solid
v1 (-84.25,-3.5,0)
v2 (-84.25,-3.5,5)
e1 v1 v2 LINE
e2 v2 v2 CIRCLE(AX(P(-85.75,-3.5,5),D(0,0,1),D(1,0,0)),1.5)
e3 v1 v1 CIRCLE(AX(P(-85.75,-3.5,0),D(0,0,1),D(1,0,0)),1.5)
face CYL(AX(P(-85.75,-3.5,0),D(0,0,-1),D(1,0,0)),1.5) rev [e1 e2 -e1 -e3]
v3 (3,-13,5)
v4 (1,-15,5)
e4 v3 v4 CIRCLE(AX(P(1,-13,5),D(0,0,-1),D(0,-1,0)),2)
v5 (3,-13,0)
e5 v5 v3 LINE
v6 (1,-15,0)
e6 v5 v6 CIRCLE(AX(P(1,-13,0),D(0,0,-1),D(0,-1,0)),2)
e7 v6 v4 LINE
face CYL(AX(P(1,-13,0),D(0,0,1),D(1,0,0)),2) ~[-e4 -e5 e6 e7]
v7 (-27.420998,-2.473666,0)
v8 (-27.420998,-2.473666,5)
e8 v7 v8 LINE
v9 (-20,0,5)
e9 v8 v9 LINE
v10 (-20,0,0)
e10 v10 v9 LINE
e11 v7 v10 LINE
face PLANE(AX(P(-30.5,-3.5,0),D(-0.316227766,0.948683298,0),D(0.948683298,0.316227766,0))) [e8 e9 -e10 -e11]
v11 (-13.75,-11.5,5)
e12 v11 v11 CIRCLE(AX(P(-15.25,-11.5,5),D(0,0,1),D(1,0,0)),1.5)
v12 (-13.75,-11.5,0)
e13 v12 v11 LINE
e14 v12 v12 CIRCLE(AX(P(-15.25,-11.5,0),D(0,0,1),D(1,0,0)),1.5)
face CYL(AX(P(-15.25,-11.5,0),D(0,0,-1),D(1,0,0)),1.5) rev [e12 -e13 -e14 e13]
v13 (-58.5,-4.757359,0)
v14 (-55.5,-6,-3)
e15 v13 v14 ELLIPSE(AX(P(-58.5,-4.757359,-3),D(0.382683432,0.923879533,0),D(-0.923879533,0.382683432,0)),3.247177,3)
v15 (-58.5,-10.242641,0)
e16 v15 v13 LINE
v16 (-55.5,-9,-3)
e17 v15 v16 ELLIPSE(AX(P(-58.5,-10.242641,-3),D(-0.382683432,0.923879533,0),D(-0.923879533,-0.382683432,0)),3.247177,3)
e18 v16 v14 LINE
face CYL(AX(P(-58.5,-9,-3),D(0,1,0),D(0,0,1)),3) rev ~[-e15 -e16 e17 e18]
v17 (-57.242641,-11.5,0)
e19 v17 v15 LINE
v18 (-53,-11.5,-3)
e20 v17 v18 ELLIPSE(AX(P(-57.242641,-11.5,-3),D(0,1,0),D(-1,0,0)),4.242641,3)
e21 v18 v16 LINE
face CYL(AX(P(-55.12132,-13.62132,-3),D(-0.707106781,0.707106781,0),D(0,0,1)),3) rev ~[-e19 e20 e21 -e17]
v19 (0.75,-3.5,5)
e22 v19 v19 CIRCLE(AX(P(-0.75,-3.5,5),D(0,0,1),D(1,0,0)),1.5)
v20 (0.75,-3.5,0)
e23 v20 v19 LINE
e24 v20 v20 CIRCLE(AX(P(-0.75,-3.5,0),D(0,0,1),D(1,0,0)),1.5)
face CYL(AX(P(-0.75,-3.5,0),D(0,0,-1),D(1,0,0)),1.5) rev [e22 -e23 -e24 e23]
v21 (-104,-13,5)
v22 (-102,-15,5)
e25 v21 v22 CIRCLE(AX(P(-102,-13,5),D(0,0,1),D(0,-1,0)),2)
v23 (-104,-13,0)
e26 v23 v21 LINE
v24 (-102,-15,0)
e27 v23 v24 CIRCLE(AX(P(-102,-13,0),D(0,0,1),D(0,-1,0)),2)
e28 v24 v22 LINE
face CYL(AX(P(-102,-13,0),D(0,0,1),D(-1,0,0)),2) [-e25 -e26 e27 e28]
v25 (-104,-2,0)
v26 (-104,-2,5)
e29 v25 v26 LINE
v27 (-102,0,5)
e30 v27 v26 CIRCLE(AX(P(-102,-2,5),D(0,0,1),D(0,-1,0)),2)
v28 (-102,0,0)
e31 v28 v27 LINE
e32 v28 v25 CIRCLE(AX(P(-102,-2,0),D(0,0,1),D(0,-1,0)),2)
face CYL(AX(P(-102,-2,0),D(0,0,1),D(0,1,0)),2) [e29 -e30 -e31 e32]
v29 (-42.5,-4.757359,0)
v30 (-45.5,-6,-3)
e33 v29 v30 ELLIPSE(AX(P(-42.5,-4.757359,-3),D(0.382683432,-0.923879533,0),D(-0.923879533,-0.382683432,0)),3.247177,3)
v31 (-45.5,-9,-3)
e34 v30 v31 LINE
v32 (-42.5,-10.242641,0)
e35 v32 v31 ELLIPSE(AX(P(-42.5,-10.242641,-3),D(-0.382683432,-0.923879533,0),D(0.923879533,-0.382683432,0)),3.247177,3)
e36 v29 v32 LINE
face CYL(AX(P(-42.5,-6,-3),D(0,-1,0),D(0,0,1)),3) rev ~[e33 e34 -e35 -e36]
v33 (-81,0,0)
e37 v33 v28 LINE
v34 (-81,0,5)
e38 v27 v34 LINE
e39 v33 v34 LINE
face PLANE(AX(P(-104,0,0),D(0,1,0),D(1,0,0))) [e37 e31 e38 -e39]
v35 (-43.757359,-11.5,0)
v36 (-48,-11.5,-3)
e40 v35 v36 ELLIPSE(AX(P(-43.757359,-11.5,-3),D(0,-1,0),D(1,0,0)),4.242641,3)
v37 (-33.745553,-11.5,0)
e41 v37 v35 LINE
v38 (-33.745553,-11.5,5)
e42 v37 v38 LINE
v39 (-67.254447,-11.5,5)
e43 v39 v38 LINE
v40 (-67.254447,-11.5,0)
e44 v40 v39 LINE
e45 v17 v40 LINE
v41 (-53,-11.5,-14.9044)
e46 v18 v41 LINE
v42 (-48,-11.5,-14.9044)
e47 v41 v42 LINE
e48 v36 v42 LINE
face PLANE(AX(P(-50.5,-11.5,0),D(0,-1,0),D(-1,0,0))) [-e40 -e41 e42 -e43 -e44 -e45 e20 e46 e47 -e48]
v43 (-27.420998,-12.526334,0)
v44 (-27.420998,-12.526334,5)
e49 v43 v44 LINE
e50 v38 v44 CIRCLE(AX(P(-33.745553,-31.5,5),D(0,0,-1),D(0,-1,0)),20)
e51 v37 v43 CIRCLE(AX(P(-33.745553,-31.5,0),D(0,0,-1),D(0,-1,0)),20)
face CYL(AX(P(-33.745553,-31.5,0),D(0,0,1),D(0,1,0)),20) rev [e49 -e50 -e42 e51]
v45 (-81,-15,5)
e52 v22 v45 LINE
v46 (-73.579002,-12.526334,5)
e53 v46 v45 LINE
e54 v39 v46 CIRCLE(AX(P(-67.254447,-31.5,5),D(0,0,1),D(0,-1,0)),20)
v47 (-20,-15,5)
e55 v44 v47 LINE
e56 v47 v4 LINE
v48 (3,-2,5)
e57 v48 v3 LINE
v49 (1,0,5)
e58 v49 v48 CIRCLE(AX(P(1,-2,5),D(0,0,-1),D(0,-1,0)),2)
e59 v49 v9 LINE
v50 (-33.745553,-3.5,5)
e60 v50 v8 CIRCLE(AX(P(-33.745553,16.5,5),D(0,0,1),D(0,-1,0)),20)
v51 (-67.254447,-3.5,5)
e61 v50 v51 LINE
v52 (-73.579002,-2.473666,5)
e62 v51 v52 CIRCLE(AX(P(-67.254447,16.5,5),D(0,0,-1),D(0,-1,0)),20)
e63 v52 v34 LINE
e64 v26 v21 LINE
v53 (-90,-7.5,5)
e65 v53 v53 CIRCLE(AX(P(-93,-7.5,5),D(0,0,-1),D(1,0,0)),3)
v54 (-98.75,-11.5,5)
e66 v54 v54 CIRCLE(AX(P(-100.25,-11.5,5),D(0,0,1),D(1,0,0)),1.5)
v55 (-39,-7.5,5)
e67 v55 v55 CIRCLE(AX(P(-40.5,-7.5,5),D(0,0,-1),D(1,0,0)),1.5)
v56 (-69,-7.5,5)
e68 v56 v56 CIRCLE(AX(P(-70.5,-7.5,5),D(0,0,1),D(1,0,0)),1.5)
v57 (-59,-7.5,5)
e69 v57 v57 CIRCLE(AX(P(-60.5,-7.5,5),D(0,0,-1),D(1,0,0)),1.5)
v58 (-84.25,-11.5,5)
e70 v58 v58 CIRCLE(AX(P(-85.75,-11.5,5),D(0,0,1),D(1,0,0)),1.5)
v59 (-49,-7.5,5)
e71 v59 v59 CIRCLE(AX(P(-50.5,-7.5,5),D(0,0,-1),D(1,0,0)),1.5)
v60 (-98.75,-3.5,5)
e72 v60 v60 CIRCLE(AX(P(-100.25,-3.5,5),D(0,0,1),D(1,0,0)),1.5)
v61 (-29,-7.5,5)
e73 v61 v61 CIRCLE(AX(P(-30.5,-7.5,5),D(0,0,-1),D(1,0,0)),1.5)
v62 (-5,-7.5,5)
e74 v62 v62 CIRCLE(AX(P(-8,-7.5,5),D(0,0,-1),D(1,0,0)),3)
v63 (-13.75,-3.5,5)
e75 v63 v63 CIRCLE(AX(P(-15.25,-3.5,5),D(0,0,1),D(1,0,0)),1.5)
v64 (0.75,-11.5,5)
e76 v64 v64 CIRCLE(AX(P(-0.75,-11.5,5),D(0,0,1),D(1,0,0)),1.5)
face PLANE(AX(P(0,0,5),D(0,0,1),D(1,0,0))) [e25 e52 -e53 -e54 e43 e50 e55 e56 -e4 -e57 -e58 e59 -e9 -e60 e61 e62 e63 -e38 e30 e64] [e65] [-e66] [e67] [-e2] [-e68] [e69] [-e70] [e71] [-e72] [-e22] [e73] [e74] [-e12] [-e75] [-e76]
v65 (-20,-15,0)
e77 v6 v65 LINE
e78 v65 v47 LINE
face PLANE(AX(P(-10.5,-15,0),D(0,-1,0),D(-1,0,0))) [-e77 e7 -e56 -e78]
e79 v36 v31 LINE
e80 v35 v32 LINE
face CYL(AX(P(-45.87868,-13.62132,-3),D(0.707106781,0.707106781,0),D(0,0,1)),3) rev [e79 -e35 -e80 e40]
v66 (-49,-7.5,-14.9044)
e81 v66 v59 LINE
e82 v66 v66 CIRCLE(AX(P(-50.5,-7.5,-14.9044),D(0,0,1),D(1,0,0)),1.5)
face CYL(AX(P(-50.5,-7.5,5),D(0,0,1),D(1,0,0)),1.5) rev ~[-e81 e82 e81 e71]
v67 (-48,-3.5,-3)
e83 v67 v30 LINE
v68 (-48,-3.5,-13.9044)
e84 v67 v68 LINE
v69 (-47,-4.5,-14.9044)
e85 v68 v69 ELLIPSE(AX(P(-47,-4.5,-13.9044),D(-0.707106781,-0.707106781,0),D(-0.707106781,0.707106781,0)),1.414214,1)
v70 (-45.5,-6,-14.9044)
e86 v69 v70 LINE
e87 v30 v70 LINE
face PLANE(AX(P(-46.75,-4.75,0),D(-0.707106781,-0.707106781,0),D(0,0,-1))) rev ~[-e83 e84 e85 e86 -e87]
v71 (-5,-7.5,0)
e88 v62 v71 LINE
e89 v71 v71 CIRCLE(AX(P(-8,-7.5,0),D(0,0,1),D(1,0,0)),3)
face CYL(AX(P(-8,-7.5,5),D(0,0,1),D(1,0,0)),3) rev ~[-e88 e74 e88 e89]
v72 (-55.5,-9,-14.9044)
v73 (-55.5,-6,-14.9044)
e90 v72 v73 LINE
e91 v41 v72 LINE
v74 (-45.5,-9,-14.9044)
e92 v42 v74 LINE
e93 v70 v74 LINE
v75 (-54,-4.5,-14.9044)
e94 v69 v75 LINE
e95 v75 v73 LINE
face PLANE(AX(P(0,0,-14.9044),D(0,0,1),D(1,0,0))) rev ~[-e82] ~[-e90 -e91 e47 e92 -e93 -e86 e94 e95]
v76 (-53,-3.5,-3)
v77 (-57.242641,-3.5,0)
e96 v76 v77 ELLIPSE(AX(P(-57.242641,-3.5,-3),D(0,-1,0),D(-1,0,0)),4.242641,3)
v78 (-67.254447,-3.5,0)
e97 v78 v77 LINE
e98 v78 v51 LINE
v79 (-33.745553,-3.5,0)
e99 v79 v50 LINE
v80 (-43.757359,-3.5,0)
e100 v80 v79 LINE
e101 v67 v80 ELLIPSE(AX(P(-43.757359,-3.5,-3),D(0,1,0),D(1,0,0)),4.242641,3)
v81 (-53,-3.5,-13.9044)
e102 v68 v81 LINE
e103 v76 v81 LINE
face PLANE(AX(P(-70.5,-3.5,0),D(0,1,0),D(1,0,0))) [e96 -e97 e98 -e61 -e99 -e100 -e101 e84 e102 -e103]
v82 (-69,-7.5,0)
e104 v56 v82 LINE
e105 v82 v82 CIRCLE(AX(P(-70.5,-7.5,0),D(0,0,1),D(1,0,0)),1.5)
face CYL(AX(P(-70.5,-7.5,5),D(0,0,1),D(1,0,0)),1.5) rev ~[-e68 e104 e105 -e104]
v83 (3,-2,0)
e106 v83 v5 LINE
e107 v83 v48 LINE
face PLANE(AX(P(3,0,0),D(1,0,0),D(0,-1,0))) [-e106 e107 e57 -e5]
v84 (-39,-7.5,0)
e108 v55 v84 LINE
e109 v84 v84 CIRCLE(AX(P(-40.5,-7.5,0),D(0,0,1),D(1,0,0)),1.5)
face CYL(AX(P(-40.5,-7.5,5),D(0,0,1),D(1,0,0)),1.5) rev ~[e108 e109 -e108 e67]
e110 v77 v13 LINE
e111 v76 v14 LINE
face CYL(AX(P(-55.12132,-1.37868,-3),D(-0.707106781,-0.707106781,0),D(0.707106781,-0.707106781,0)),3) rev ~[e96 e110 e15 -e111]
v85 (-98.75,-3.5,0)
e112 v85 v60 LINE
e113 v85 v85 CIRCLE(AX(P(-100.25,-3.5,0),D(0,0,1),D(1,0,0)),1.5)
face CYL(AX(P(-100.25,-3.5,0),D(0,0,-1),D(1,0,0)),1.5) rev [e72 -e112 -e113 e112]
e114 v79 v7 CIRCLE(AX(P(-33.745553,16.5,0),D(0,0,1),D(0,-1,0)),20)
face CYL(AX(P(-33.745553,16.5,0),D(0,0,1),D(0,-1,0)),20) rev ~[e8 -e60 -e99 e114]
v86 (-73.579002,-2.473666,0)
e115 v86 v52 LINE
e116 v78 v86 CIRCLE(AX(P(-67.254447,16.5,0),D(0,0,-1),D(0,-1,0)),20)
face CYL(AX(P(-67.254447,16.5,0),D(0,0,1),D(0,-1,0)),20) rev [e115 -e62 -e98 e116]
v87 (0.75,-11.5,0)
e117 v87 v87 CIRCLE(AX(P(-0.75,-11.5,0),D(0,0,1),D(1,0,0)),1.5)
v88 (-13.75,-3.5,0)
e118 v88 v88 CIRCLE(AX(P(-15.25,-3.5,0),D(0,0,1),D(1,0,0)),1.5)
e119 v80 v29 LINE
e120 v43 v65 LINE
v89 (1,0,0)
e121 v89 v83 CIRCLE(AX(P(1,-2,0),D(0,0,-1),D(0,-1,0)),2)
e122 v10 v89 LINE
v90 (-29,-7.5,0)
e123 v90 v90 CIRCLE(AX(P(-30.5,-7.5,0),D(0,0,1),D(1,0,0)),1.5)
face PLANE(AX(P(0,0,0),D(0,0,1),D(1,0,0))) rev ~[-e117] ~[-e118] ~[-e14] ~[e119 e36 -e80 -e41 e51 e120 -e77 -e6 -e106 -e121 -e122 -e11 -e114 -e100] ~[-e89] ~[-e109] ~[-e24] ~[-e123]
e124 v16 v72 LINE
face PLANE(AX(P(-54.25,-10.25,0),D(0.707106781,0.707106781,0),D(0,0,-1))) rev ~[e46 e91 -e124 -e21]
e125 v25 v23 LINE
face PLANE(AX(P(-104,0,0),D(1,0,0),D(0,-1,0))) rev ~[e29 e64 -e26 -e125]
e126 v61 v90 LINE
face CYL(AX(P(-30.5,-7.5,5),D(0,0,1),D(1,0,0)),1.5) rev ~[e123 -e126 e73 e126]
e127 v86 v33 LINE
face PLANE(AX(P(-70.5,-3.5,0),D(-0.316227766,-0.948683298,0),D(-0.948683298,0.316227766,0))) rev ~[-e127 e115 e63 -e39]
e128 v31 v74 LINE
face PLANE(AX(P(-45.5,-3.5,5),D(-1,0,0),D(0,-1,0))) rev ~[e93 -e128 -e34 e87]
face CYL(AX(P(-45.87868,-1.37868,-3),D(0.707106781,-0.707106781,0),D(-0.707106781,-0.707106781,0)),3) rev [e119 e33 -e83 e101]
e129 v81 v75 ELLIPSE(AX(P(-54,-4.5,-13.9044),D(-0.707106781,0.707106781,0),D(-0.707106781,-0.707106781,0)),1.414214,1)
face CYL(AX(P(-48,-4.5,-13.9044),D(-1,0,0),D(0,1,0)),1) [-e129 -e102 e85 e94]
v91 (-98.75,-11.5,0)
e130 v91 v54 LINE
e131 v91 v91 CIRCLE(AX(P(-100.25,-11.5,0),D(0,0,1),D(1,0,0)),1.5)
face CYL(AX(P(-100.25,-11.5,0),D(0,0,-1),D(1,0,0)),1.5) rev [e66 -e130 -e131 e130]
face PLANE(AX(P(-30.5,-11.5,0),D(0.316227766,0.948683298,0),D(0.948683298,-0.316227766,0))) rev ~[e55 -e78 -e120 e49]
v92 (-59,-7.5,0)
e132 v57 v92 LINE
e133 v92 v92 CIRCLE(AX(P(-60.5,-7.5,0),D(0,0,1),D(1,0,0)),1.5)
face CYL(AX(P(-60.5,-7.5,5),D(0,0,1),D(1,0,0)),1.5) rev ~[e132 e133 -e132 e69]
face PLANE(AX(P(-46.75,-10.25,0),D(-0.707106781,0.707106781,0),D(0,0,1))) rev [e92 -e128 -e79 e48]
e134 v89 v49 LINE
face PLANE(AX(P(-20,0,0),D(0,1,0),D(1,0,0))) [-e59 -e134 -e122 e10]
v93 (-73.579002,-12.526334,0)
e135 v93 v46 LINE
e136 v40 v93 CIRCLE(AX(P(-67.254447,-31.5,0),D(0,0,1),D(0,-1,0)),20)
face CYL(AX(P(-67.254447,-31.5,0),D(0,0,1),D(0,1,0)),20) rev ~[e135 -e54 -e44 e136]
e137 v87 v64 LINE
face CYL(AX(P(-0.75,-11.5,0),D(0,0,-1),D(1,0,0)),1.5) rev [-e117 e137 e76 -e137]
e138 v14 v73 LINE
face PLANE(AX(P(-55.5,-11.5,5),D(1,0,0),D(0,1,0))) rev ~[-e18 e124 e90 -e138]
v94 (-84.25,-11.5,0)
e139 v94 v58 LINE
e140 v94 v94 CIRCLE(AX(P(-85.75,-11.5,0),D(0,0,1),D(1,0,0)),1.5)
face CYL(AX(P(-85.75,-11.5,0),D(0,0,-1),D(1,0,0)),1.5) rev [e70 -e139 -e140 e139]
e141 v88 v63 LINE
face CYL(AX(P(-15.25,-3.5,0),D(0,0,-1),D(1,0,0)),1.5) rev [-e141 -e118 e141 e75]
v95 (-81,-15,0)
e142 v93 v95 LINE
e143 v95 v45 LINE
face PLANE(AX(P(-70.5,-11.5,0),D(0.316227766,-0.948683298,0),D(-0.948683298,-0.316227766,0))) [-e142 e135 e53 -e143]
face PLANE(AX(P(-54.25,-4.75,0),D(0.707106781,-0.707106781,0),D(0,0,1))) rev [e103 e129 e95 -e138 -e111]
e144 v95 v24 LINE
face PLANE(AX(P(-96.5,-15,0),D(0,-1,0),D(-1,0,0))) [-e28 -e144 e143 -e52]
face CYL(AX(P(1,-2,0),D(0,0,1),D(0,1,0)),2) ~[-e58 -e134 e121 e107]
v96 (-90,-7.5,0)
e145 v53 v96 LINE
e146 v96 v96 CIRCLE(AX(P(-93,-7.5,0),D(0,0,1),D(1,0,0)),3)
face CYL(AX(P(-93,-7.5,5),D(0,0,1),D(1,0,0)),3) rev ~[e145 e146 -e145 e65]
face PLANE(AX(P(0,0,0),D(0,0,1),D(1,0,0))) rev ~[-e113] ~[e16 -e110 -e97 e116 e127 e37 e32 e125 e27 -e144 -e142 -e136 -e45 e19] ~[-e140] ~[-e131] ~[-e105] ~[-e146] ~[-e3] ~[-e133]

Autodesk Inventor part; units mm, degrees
ref_plane "YZ Plane" through (0, 0, 0) normal (1, 0, 0) x (0, 1, 0)
ref_plane "XZ Plane" through (0, 0, 0) normal (0, 1, 0) x (-1, 0, 0)
sketch "Sketch1" plane through (0, 0, 0) normal (0, 0, 1) x (1, 0, 0)
  circle A0 centre (-100.25, -3.5) radius 1.5 projected
  circle A1 centre (-100.25, -11.5) radius 1.5 projected
  line L0 (-104, 0) -> (-96.5, 0) projected
  line L1 (-104, 0) -> (-104, -15) projected
  line L2 (-96.5, -15) -> (-104, -15) projected
  line L3 (-96.5, 0) -> (-96.5, -15) projected
  circle A2 centre (-85.75, -3.5) radius 1.5 projected
  circle A3 centre (-85.75, -11.5) radius 1.5 projected
  line L4 (-90.5, 0) -> (-81, 0) projected
  line L5 (-90.5, 0) -> (-90.5, -15) projected
  line L6 (-81, -15) -> (-90.5, -15) projected
  line L7 (-81, 0) -> (-81, -15) projected
  circle A4 centre (-15.25, -11.5) radius 1.5 projected
  circle A5 centre (-15.25, -3.5) radius 1.5 projected
  line L8 (-20, 0) -> (-10.5, 0) projected
  line L9 (-20, 0) -> (-20, -15) projected
  line L10 (-10.5, -15) -> (-20, -15) projected
  line L11 (-10.5, 0) -> (-10.5, -15) projected
  circle A6 centre (-0.75, -3.5) radius 1.5 projected
  circle A7 centre (-0.75, -11.5) radius 1.5 projected
  line L12 (-4.5, 0) -> (3, 0) projected
  line L13 (-4.5, 0) -> (-4.5, -15) projected
  line L14 (3, -15) -> (-4.5, -15) projected
  line L15 (3, 0) -> (3, -15) projected
  line L16 (-104, -15) -> (3, -15)
  line L17 (3, -15) -> (3, 0)
  line L18 (3, 0) -> (-104, 0)
  line L19 (-104, 0) -> (-104, -15)
  line L20 (-50.5, -15) -> (-50.5, 0)
  line L21 (-70.5, -11.5) -> (-70.5, -3.5)
  line L22 (-70.5, -3.5) -> (-30.5, -3.5)
  line L23 (-30.5, -3.5) -> (-30.5, -11.5)
  line L24 (-30.5, -11.5) -> (-70.5, -11.5)
  line L25 (-70.5, -11.5) -> (-30.5, -3.5) construction
  line L26 (-70.5, -3.5) -> (-30.5, -11.5) construction
  line L27 (-70.5, -3.5) -> (-81, 0)
  line L28 (-30.5, -3.5) -> (-20, 0)
  line L29 (-30.5, -11.5) -> (-20, -15)
  line L30 (-70.5, -11.5) -> (-81, -15)
  point P0 (0, 0)
  point P1 (-50.5, -7.5)
  dimension "d0" = 8
  dimension "d1" = 40
extrude "Extrusion1" add sketch "Sketch1" along normal blind 5 contours L0 L3 L2 L1 | L18 L5 L16 L3 | L4 L7 L6 L5 | L27 L21 L30 L7 | L22 L20 L24 L21 | L8 L11 L10 L9 | L9 L29 L23 L28 | L22 L23 L24 L20 | L18 L13 L16 L11 | L12 L15 L14 L13
sketch "Sketch2" plane through (0, 0, 5) normal (0, 0, 1) x (1, 0, 0)
  line L0 (-81, 0) -> (-104, 0) projected
  line L1 (-104, 0) -> (-104, -15) projected
  line L2 (-104, -15) -> (-81, -15) projected
  line L3 (-81, -15) -> (-70.5, -11.5) projected
  line L4 (-70.5, -11.5) -> (-30.5, -11.5) projected
  line L5 (-30.5, -11.5) -> (-20, -15) projected
  line L6 (-20, -15) -> (3, -15) projected
  line L7 (3, -15) -> (3, 0) projected
  line L8 (3, 0) -> (-20, 0) projected
  line L9 (-20, 0) -> (-30.5, -3.5) projected
  line L10 (-30.5, -3.5) -> (-70.5, -3.5) projected
  line L11 (-70.5, -3.5) -> (-81, 0) projected
  circle A0 centre (-100.25, -3.5) radius 1.5 projected
  circle A1 centre (-100.25, -11.5) radius 1.5 projected
  circle A2 centre (-85.75, -3.5) radius 1.5 projected
  circle A3 centre (-85.75, -11.5) radius 1.5 projected
  circle A4 centre (-15.25, -11.5) radius 1.5 projected
  circle A5 centre (-15.25, -3.5) radius 1.5 projected
  circle A6 centre (-0.75, -3.5) radius 1.5 projected
  circle A7 centre (-0.75, -11.5) radius 1.5 projected
  line L12 (-70.5, -11.5) -> (-30.5, -11.5) projected
  line L13 (-50.5, -11.5) -> (-50.5, -3.5)
  line L14 (-30.5, -3.5) -> (-70.5, -3.5) projected
  line L15 (-50.5, -7.5) -> (-60.5, -7.5)
  line L16 (-60.5, -7.5) -> (-70.5, -7.5)
  line L17 (-50.5, -7.5) -> (-40.5, -7.5)
  line L18 (-40.5, -7.5) -> (-30.5, -7.5)
  circle A8 centre (-70.5, -7.5) radius 1.5
  circle A9 centre (-60.5, -7.5) radius 1.5
  circle A10 centre (-50.5, -7.5) radius 1.5
  circle A11 centre (-40.5, -7.5) radius 1.5
  circle A12 centre (-30.5, -7.5) radius 1.5
  point P0 (0, 0)
  dimension "d4" = 10
  dimension "d5" = 10
  dimension "d6" = 10
  dimension "d7" = 10
  dimension "d8" = 3
  dimension "d9" = 3
  dimension "d10" = 3
  dimension "d11" = 3
  dimension "d12" = 3
extrude "Extrusion2" cut sketch "Sketch2" against normal blind 5 contours A8 | A9 L16 L15 | L15 L16 A9 | A12 | A11 L18 L17 | L17 L18 A11 | A10 L17 L13 | L13 L15 A10 | L17 A10 L13 | L13 A10 L15
fillet "Fillet1" radius 2 4 edges at (-104, 0, 2.5) (-104, -15, 2.5) (3, -15, 2.5) (3, 0, 2.5)
sketch "Sketch3" plane through (0, 0, 5) normal (0, 0, 1) x (1, 0, 0)
  arc A0 (3, -2) -> (1, 0) centre (1, -2) ccw projected
  line L0 (1, 0) -> (-20, 0) projected
  line L1 (-20, 0) -> (-30.5, -3.5) projected
  line L2 (-30.5, -3.5) -> (-70.5, -3.5) projected
  line L3 (-70.5, -3.5) -> (-81, 0) projected
  line L4 (-81, 0) -> (-102, 0) projected
  arc A1 (-102, 0) -> (-104, -2) centre (-102, -2) ccw projected
  line L5 (-104, -2) -> (-104, -13) projected
  arc A2 (-104, -13) -> (-102, -15) centre (-102, -13) ccw projected
  line L6 (-102, -15) -> (-81, -15) projected
  line L7 (-81, -15) -> (-70.5, -11.5) projected
  line L8 (-70.5, -11.5) -> (-30.5, -11.5) projected
  line L9 (-30.5, -11.5) -> (-20, -15) projected
  line L10 (-20, -15) -> (1, -15) projected
  arc A3 (1, -15) -> (3, -13) centre (1, -13) ccw projected
  line L11 (3, -13) -> (3, -2) projected
  circle A4 centre (-50.5, -7.5) radius 1.5 projected
  circle A5 centre (-40.5, -7.5) radius 1.5 projected
  circle A6 centre (-60.5, -7.5) radius 1.5 projected
  circle A7 centre (-30.5, -7.5) radius 1.5 projected
  circle A8 centre (-70.5, -7.5) radius 1.5 projected
  circle A9 centre (-100.25, -3.5) radius 1.5 projected
  circle A10 centre (-100.25, -11.5) radius 1.5 projected
  circle A11 centre (-85.75, -3.5) radius 1.5 projected
  circle A12 centre (-85.75, -11.5) radius 1.5 projected
  circle A13 centre (-15.25, -11.5) radius 1.5 projected
  circle A14 centre (-15.25, -3.5) radius 1.5 projected
  circle A15 centre (-0.75, -3.5) radius 1.5 projected
  circle A16 centre (-0.75, -11.5) radius 1.5 projected
  line L12 (-55.5, -11.5) -> (-55.5, -3.5)
  line L13 (-55.5, -3.5) -> (-45.5, -3.5)
  line L14 (-45.5, -3.5) -> (-45.5, -11.5)
  line L15 (-45.5, -11.5) -> (-55.5, -11.5)
  circle A17 centre (-50.5, -7.5) radius 1.5 projected
  line L16 (-55.5, -11.5) -> (-45.5, -3.5) construction
  line L17 (-55.5, -3.5) -> (-45.5, -11.5) construction
  point P0 (0, 0)
  dimension "d16" = 8
  dimension "d17" = 10
ref_plane "Work Plane1" through (-77, -15, -14.9044) normal (0, 0, 1) x (1, 0, 0)
extrude "Extrusion3" add sketch "Sketch3" against normal up to surface (19.9044 mm away) contours L14 L8 L12 L2
chamfer "Chamfer1" distance 2.5 angle 45 4 edges at (-45.5, -3.5, -7.4522) (-55.5, -3.5, -7.4522) (-45.5, -11.5, -7.4522) (-55.5, -11.5, -7.4522)
fillet "Fillet2" radius 3 6 edges at (-54.25, -10.25, 0) (-55.5, -7.5, 0) (-54.25, -4.75, 0) (-46.75, -10.25, 0) (-45.5, -7.5, 0) (-46.75, -4.75, 0)
fillet "Fillet3" radius 1 1 edges at (-50.5, -3.5, -14.9044)
fillet "Fillet4" radius 20 4 edges at (-70.5, -3.5, 2.5) (-30.5, -3.5, 2.5) (-70.5, -11.5, 2.5) (-30.5, -11.5, 2.5)
sketch "Sketch4" plane through (0, 0, 5) normal (0, 0, 1) x (1, 0, 0)
  circle A0 centre (-0.75, -11.5) radius 1.5 projected
  circle A1 centre (-0.75, -3.5) radius 1.5 projected
  circle A2 centre (-15.25, -3.5) radius 1.5 projected
  circle A3 centre (-15.25, -11.5) radius 1.5 projected
  circle A4 centre (-30.5, -7.5) radius 1.5 projected
  circle A5 centre (-40.5, -7.5) radius 1.5 projected
  circle A6 centre (-50.5, -7.5) radius 1.5 projected
  line L0 (-33.7456, -3.5) -> (-67.2544, -3.5) projected
  arc A7 (-73.579, -2.4737) -> (-67.2544, -3.5) centre (-67.2544, 16.5) ccw projected
  line L1 (-73.579, -2.4737) -> (-81, 0) projected
  line L2 (-81, 0) -> (-102, 0) projected
  arc A8 (-102, 0) -> (-104, -2) centre (-102, -2) ccw projected
  line L3 (-104, -2) -> (-104, -13) projected
  arc A9 (-104, -13) -> (-102, -15) centre (-102, -13) ccw projected
  line L4 (-102, -15) -> (-81, -15) projected
  line L5 (-81, -15) -> (-73.579, -12.5263) projected
  arc A10 (-67.2544, -11.5) -> (-73.579, -12.5263) centre (-67.2544, -31.5) ccw projected
  line L6 (-67.2544, -11.5) -> (-33.7456, -11.5) projected
  arc A11 (-27.421, -12.5263) -> (-33.7456, -11.5) centre (-33.7456, -31.5) ccw projected
  line L7 (-27.421, -12.5263) -> (-20, -15) projected
  line L8 (-20, -15) -> (1, -15) projected
  arc A12 (1, -15) -> (3, -13) centre (1, -13) ccw projected
  line L9 (3, -13) -> (3, -2) projected
  arc A13 (3, -2) -> (1, 0) centre (1, -2) ccw projected
  line L10 (1, 0) -> (-20, 0) projected
  line L11 (-20, 0) -> (-27.421, -2.4737) projected
  arc A14 (-33.7456, -3.5) -> (-27.421, -2.4737) centre (-33.7456, 16.5) ccw projected
  circle A15 centre (-60.5, -7.5) radius 1.5 projected
  circle A16 centre (-70.5, -7.5) radius 1.5 projected
  circle A17 centre (-100.25, -3.5) radius 1.5 projected
  circle A18 centre (-100.25, -11.5) radius 1.5 projected
  circle A19 centre (-85.75, -3.5) radius 1.5 projected
  circle A20 centre (-85.75, -11.5) radius 1.5 projected
  line L12 (-100.25, -3.5) -> (-85.75, -11.5)
  circle A21 centre (-85.75, -3.5) radius 1.5 projected
  line L13 (-85.75, -11.5) -> (-85.75, -3.5)
  circle A22 centre (-100.25, -11.5) radius 1.5 projected
  line L14 (-85.75, -3.5) -> (-100.25, -11.5)
  circle A23 centre (-15.25, -11.5) radius 1.5 projected
  line L15 (-0.75, -3.5) -> (-15.25, -11.5)
  line L16 (-15.25, -11.5) -> (-15.25, -3.5)
  circle A24 centre (-0.75, -11.5) radius 1.5 projected
  line L17 (-15.25, -3.5) -> (-0.75, -11.5)
  circle A25 centre (-93, -7.5) radius 3
  circle A26 centre (-8, -7.5) radius 3
  point P0 (0, 0)
  dimension "d26" = 6
  dimension "d27" = 6
extrude "Extrusion4" cut sketch "Sketch4" against normal blind 5 contours A26 L15 L17 | L17 L15 A26 | L17 A26 L15 | L15 A26 L17 | A25 L14 L12 | L12 L14 A25 | L14 A25 L12 | L12 A25 L14
properties part number "carbon_fiber_fixer_1"
